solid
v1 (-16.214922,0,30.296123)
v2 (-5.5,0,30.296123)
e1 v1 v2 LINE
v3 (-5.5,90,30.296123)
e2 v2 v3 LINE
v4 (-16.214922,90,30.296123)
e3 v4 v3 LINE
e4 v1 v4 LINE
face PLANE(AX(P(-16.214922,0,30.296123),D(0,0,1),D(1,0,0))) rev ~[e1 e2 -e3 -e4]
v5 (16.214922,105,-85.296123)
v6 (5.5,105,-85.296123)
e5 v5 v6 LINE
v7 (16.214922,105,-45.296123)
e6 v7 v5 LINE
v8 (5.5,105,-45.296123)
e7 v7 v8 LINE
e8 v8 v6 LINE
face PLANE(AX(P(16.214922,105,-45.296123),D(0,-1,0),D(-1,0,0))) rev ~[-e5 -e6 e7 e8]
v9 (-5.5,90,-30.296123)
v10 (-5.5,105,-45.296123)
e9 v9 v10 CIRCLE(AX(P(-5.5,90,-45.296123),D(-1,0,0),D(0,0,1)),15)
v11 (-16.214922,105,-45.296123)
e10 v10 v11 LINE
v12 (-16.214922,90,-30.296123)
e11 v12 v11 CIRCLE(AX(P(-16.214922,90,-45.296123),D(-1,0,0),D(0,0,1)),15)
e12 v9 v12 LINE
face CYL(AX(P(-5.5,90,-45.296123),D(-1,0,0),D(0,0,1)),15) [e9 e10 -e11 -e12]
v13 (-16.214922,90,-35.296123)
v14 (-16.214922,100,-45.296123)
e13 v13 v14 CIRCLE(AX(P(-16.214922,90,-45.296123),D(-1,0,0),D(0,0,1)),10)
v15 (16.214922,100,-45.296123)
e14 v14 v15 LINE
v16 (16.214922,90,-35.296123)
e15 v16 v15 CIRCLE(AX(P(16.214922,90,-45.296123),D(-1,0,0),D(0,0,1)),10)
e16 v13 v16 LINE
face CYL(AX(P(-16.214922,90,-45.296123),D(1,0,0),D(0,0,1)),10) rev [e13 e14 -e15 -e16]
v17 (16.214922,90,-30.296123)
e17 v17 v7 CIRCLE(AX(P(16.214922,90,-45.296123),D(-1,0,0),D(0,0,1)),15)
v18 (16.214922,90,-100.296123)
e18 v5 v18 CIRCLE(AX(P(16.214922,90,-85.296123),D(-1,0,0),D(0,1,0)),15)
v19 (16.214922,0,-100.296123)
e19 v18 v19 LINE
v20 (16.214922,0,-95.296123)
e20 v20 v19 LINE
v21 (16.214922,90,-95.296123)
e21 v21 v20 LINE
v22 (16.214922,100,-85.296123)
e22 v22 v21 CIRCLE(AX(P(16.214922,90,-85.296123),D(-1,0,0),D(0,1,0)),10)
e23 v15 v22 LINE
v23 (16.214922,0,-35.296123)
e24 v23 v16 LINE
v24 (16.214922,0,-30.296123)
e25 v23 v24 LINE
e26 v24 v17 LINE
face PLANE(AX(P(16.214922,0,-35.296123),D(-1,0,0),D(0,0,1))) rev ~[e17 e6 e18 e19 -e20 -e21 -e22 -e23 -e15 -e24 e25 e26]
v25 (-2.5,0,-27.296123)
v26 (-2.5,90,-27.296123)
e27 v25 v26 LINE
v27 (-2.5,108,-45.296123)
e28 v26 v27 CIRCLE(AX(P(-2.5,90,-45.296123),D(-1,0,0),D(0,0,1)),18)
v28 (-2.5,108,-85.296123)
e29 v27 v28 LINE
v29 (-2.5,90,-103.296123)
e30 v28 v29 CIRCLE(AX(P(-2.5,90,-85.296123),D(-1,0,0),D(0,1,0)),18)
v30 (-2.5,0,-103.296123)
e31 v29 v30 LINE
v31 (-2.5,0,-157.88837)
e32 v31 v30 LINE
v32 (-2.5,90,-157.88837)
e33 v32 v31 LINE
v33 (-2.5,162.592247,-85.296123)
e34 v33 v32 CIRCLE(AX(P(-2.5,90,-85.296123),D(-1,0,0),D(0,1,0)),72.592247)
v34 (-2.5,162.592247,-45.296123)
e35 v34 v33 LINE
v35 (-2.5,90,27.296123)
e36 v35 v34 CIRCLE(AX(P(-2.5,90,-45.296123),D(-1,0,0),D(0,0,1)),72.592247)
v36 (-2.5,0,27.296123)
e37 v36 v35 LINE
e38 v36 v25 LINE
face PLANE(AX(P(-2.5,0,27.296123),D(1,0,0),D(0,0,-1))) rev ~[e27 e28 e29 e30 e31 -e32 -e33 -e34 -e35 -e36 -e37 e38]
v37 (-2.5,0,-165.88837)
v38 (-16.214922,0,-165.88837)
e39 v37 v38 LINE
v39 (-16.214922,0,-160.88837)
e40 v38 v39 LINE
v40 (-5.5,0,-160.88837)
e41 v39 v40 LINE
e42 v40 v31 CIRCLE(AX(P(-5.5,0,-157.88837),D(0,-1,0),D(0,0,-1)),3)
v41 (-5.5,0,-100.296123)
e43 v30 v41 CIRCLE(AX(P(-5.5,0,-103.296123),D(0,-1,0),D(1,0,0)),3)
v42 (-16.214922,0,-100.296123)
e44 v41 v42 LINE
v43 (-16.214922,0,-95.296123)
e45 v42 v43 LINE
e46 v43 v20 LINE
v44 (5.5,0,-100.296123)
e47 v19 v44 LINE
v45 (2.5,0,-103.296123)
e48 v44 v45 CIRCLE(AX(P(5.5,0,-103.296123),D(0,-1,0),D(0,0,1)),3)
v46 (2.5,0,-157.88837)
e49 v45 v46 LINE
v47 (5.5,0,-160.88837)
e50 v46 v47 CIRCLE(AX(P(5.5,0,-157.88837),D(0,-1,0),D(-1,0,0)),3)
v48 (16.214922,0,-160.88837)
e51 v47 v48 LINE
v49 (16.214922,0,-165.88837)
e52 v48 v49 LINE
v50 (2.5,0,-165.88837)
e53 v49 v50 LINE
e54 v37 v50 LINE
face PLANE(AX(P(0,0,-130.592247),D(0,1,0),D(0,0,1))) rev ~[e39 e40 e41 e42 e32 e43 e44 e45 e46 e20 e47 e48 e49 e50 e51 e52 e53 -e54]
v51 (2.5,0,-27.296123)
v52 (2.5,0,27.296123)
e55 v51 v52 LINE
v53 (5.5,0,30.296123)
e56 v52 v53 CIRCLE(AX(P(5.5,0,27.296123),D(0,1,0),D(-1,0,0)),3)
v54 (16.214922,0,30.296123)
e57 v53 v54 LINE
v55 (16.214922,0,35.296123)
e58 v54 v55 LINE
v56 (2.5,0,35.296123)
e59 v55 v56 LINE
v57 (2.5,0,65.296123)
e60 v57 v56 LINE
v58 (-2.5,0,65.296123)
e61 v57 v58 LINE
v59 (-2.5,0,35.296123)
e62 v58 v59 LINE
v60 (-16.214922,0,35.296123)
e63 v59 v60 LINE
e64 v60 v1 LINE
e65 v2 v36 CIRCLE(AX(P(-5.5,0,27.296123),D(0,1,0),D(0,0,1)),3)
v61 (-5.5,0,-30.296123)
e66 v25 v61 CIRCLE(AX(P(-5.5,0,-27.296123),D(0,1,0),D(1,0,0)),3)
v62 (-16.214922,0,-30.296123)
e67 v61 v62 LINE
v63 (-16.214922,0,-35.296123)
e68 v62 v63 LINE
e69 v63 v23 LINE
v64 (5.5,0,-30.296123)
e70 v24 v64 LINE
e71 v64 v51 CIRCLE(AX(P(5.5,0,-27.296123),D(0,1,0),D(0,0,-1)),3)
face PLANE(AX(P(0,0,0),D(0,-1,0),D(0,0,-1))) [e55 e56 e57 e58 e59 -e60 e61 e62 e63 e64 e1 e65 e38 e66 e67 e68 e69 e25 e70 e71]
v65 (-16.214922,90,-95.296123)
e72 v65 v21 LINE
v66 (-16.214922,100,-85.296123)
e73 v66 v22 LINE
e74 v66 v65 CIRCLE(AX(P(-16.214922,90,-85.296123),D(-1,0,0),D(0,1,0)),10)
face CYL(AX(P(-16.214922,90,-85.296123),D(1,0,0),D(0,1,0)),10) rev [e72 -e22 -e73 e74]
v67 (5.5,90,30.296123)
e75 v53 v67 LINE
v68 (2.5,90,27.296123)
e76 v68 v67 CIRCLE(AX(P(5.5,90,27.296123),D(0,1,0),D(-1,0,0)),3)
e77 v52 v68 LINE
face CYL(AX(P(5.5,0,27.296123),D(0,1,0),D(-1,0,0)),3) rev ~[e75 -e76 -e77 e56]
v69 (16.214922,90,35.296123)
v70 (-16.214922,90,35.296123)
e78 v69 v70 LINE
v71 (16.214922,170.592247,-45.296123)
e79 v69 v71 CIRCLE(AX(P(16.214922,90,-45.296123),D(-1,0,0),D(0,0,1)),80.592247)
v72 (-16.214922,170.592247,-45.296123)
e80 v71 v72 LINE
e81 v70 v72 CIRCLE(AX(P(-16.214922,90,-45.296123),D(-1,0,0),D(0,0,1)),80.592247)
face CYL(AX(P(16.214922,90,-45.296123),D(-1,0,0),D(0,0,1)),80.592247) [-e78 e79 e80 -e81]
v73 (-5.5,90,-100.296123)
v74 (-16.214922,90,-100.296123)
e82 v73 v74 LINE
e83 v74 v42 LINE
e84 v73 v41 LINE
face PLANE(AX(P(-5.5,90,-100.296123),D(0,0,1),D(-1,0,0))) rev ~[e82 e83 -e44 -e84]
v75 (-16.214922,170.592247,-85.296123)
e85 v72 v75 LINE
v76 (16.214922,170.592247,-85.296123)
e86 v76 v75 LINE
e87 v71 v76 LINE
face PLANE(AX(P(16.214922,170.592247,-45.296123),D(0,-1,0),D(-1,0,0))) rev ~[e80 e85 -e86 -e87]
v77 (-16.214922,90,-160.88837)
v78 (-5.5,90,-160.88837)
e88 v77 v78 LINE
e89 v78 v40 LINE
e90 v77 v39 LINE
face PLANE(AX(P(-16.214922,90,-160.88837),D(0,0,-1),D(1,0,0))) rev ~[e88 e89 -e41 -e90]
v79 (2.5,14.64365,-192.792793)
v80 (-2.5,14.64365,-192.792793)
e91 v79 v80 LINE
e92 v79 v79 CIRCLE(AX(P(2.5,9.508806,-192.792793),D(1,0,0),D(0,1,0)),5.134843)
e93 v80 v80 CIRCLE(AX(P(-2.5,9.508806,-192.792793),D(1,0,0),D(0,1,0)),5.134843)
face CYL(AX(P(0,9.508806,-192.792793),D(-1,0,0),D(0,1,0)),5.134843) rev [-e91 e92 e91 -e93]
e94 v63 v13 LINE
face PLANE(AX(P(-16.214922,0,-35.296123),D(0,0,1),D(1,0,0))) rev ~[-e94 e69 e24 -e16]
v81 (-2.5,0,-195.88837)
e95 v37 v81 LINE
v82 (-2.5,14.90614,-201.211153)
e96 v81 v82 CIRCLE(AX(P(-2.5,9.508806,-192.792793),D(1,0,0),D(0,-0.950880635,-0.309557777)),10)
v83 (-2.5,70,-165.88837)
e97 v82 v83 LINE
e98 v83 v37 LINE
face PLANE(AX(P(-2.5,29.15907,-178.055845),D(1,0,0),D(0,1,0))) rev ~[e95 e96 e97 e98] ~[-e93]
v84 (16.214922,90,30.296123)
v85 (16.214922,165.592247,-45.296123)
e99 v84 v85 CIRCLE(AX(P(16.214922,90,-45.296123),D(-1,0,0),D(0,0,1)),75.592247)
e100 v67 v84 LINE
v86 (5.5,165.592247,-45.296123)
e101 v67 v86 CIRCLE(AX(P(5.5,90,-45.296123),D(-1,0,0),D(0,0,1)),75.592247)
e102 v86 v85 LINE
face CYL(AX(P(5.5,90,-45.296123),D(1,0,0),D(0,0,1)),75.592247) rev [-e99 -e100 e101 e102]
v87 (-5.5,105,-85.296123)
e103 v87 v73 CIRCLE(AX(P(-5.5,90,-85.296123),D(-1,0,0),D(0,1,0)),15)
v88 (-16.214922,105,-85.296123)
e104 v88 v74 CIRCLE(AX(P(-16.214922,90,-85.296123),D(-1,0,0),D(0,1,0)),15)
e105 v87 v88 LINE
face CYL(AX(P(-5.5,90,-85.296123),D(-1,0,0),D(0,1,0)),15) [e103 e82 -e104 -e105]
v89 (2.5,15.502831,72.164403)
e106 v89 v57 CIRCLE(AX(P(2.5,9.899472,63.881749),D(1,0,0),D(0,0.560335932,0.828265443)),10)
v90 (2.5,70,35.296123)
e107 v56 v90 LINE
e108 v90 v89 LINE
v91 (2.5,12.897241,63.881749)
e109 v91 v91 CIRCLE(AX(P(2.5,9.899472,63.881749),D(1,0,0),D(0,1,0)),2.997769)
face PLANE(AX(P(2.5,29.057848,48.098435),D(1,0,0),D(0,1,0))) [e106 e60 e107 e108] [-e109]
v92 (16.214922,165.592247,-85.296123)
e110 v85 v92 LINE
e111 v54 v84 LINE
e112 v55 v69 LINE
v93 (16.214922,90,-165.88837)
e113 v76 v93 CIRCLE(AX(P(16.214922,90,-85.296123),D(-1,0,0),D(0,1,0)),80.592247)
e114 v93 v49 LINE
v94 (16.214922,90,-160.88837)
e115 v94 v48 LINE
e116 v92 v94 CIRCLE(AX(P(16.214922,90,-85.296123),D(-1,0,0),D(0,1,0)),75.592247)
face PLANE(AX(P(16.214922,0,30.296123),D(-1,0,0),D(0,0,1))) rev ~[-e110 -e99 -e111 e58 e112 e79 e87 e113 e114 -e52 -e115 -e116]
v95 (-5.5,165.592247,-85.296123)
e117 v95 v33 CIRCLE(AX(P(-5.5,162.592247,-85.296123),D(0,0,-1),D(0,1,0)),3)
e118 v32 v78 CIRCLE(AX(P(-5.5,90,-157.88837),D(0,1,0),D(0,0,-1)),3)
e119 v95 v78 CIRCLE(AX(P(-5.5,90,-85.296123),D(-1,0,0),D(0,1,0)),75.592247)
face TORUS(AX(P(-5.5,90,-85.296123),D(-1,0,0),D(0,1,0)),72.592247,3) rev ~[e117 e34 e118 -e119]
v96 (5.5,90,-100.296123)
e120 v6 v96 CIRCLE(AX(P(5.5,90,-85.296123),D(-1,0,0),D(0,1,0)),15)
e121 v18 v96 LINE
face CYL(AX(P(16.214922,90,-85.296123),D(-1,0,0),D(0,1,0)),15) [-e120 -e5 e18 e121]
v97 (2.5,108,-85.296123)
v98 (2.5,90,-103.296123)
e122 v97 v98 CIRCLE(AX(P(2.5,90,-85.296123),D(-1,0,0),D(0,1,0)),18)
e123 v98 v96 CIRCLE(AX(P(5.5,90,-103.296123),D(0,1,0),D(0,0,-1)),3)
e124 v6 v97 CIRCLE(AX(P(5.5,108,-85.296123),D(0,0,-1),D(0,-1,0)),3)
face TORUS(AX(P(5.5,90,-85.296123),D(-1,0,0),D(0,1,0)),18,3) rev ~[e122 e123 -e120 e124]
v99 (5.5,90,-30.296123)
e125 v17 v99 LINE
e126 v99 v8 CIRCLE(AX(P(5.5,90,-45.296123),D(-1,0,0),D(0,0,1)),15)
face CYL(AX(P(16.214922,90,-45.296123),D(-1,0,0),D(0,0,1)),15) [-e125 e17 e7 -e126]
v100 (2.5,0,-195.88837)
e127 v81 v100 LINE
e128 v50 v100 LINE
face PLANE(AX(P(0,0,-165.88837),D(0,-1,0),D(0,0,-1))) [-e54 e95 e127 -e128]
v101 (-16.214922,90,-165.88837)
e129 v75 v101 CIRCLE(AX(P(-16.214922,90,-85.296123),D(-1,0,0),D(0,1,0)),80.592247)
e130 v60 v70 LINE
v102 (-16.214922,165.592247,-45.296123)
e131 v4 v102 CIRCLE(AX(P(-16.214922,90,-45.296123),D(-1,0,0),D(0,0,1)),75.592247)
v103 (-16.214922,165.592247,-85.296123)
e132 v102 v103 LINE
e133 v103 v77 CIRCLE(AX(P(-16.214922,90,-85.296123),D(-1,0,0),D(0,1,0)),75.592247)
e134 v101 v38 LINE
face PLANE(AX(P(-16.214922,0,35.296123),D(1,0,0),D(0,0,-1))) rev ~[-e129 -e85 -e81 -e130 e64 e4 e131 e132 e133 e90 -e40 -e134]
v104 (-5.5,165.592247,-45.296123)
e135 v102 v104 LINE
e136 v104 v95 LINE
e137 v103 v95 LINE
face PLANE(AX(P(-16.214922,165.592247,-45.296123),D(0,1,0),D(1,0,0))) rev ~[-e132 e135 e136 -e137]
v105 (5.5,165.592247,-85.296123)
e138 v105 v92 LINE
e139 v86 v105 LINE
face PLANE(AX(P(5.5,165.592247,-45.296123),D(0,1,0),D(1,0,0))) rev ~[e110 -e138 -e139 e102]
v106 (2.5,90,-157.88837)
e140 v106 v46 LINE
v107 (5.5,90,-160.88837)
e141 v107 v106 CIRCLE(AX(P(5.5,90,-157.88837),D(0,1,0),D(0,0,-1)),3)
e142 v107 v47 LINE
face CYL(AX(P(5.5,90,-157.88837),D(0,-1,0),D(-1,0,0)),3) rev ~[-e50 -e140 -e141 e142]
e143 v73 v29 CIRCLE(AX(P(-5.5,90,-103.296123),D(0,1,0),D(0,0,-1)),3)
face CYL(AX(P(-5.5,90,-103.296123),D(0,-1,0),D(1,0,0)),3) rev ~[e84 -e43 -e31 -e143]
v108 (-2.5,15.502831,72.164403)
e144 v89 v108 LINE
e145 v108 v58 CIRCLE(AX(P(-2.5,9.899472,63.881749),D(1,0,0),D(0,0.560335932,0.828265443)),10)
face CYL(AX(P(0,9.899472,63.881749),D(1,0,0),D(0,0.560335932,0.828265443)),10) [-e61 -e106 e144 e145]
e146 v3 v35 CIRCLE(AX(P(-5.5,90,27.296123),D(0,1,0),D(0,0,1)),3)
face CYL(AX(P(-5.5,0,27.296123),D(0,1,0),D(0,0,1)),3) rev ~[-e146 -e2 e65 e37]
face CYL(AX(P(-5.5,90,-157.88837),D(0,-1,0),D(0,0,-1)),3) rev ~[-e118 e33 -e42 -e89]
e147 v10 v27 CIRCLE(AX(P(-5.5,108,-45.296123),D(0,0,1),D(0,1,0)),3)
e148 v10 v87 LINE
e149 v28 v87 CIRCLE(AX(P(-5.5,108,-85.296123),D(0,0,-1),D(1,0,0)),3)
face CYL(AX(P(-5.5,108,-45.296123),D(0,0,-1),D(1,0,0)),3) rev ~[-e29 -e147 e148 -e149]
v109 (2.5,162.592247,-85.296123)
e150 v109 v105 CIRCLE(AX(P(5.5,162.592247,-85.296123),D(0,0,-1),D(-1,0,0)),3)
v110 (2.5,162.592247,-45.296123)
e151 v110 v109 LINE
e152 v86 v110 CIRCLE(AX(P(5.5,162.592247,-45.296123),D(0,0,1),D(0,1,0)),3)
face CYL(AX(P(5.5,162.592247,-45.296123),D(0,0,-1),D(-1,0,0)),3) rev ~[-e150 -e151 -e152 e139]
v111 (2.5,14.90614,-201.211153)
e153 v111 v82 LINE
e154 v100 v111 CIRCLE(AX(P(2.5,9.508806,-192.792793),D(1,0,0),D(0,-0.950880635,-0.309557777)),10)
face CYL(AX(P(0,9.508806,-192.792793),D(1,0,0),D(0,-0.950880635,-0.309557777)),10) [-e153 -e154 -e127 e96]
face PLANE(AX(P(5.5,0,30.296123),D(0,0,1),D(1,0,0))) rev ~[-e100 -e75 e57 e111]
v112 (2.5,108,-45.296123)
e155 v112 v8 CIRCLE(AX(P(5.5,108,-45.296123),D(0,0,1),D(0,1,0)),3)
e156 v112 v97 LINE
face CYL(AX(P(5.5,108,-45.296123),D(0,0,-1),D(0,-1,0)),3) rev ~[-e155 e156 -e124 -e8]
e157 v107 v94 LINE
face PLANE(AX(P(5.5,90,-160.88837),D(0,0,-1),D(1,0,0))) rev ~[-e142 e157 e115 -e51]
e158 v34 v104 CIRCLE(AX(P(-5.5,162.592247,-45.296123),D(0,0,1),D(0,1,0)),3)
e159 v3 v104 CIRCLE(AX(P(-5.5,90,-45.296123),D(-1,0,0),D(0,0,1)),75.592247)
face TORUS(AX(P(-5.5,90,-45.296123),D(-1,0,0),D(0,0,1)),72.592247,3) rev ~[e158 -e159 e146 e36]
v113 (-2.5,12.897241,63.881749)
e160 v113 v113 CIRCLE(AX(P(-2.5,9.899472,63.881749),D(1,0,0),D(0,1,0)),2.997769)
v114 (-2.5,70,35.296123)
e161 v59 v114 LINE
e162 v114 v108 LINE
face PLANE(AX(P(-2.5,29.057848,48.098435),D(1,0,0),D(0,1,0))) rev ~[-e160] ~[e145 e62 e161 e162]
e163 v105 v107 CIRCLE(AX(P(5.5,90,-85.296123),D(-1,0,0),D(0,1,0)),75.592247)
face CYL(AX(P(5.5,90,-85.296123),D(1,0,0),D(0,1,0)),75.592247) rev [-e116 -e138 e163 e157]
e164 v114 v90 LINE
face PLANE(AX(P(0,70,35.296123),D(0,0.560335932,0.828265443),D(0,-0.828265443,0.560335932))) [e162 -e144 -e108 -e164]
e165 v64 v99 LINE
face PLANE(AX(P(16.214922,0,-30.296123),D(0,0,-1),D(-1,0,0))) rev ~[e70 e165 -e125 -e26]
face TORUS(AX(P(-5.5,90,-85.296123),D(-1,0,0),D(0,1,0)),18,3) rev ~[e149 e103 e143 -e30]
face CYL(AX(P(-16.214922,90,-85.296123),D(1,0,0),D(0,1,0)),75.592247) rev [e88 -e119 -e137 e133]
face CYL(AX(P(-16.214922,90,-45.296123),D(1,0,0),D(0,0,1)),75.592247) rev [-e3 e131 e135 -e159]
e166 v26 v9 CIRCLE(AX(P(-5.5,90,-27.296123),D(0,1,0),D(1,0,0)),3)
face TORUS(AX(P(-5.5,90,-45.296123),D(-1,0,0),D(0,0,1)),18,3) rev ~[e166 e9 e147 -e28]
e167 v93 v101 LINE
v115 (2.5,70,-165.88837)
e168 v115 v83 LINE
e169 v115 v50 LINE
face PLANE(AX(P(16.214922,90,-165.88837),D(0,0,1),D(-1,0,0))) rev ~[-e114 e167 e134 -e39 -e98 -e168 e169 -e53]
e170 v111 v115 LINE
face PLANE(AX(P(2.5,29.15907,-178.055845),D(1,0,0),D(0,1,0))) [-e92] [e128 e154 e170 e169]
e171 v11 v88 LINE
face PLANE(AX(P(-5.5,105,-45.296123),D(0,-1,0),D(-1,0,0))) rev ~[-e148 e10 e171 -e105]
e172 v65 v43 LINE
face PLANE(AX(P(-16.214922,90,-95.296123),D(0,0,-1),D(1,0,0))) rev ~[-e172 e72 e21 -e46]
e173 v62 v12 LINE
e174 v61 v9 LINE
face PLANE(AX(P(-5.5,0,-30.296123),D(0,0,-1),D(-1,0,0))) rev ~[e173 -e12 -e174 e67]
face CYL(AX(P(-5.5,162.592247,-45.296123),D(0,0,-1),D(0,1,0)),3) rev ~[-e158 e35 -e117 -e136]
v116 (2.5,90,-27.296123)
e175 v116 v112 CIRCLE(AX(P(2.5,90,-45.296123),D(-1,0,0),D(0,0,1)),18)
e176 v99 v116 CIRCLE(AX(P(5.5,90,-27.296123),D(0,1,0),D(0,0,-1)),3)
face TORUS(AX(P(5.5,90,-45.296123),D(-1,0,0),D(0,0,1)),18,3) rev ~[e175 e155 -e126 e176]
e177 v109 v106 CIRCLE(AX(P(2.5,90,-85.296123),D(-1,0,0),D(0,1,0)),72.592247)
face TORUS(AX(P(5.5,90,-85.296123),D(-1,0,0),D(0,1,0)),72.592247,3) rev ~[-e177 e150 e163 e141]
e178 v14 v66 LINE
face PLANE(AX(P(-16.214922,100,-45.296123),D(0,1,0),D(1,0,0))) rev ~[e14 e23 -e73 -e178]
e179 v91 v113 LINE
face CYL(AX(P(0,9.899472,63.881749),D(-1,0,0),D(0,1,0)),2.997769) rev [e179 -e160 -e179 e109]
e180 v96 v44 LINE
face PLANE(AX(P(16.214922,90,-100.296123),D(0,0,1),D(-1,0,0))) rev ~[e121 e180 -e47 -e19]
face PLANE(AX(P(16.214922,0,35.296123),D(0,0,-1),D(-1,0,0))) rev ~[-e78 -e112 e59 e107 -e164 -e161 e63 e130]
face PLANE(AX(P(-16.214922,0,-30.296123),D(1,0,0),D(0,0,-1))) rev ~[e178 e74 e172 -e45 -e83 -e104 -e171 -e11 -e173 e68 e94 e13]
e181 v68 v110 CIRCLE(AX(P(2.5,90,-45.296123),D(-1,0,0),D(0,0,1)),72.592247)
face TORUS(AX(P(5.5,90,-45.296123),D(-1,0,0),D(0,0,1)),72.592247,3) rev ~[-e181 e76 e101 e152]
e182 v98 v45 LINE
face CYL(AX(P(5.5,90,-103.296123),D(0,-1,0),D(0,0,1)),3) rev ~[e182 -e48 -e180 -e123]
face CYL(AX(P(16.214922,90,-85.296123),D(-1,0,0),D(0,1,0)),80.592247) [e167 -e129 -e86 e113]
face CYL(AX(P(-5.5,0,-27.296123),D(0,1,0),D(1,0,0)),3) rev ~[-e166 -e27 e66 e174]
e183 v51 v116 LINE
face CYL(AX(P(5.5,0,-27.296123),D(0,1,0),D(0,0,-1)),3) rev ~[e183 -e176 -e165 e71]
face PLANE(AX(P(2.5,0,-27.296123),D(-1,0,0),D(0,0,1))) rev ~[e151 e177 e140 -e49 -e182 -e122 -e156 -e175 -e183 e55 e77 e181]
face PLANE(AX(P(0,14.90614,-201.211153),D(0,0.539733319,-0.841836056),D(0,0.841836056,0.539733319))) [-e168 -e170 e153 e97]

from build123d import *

# Parameters (mm, degrees)
F3_R     = 2.9977693339
F4_DEPTH = 2.5
F5_R     = 5.1348432566
F6_DEPTH = 2.5


with BuildPart() as f2:
    # F2: sweep along a path in F1
    with BuildLine(Plane.YZ) as f2_path:
        Line((0, -35.2961234748), (90, -35.2961234748))
        ThreePointArc((90, -35.2961234748), (97.0710678119, -38.225055663), (100, -45.2961234748))
        Line((100, -45.2961234748), (100, -85.2961234748))
        ThreePointArc((100, -85.2961234748), (97.0710678119, -92.3671912867), (90, -95.2961234748))
        Line((90, -95.2961234748), (0, -95.2961234748))
    # F0 (on Front) → F2 (sweep)
    with BuildSketch(Plane.XZ):
        with BuildLine():
            Line((16.2149220705, 35.2961234748), (0, 35.2961234748))
            Line((0, 35.2961234748), (-16.2149220705, 35.2961234748))
            Line((-16.2149220705, 35.2961234748), (-16.2149220705, 30.2961234748))
            Line((-16.2149220705, 30.2961234748), (-5.5, 30.2961234748))
            ThreePointArc((-5.5, 30.2961234748), (-3.3786796564, 29.4174438184), (-2.5, 27.2961234748))
            Line((-2.5, 27.2961234748), (-2.5, 0))
            Line((-2.5, 0), (-2.5, -27.2961234748))
            ThreePointArc((-2.5, -27.2961234748), (-3.3786796564, -29.4174438184), (-5.5, -30.2961234748))
            Line((-5.5, -30.2961234748), (-16.2149220705, -30.2961234748))
            Line((-16.2149220705, -30.2961234748), (-16.2149220705, -35.2961234748))
            Line((-16.2149220705, -35.2961234748), (0, -35.2961234748))
            Line((0, -35.2961234748), (16.2149220705, -35.2961234748))
            Line((16.2149220705, -35.2961234748), (16.2149220705, -30.2961234748))
            Line((16.2149220705, -30.2961234748), (5.5, -30.2961234748))
            ThreePointArc((5.5, -30.2961234748), (3.3786796564, -29.4174438184), (2.5, -27.2961234748))
            Line((2.5, -27.2961234748), (2.5, 0))
            Line((2.5, 0), (2.5, 27.2961234748))
            ThreePointArc((2.5, 27.2961234748), (3.3786796564, 29.4174438184), (5.5, 30.2961234748))
            Line((5.5, 30.2961234748), (16.2149220705, 30.2961234748))
            Line((16.2149220705, 30.2961234748), (16.2149220705, 35.2961234748))
        make_face()
    sweep(path=f2_path.line)

    # F3 (on Right) → F4 (join, symmetric)
    with BuildSketch(Plane.YZ):
        with BuildLine():
            Line((0, 65.2961234748), (0, 35.2961234748))
            Line((0, 35.2961234748), (70, 35.2961234748))
            Line((70, 35.2961234748), (15.5028312053, 72.1644029996))
            ThreePointArc((15.5028312053, 72.1644029996), (5.8488593767, 73.0246440824), (0, 65.2961234748))
        make_face()
        with Locations((9.8994718868, 63.8817485732)):
            Circle(F3_R, mode=Mode.SUBTRACT)
    extrude(amount=F4_DEPTH, both=True)

    # F5 (on Right) → F6 (join, symmetric)
    with BuildSketch(Plane.YZ):
        with BuildLine():
            Line((70, -165.8883704245), (0, -165.8883704245))
            Line((0, -165.8883704245), (0, -195.8883704245))
            ThreePointArc((0, -195.8883704245), (6.1459122057, -202.2103795466), (14.9061395374, -201.2111532078))
            Line((14.9061395374, -201.2111532078), (70, -165.8883704245))
        make_face()
        with Locations((9.508806352, -192.7927926497)):
            Circle(F5_R, mode=Mode.SUBTRACT)
    extrude(amount=F6_DEPTH, both=True)


solid = f2.part
